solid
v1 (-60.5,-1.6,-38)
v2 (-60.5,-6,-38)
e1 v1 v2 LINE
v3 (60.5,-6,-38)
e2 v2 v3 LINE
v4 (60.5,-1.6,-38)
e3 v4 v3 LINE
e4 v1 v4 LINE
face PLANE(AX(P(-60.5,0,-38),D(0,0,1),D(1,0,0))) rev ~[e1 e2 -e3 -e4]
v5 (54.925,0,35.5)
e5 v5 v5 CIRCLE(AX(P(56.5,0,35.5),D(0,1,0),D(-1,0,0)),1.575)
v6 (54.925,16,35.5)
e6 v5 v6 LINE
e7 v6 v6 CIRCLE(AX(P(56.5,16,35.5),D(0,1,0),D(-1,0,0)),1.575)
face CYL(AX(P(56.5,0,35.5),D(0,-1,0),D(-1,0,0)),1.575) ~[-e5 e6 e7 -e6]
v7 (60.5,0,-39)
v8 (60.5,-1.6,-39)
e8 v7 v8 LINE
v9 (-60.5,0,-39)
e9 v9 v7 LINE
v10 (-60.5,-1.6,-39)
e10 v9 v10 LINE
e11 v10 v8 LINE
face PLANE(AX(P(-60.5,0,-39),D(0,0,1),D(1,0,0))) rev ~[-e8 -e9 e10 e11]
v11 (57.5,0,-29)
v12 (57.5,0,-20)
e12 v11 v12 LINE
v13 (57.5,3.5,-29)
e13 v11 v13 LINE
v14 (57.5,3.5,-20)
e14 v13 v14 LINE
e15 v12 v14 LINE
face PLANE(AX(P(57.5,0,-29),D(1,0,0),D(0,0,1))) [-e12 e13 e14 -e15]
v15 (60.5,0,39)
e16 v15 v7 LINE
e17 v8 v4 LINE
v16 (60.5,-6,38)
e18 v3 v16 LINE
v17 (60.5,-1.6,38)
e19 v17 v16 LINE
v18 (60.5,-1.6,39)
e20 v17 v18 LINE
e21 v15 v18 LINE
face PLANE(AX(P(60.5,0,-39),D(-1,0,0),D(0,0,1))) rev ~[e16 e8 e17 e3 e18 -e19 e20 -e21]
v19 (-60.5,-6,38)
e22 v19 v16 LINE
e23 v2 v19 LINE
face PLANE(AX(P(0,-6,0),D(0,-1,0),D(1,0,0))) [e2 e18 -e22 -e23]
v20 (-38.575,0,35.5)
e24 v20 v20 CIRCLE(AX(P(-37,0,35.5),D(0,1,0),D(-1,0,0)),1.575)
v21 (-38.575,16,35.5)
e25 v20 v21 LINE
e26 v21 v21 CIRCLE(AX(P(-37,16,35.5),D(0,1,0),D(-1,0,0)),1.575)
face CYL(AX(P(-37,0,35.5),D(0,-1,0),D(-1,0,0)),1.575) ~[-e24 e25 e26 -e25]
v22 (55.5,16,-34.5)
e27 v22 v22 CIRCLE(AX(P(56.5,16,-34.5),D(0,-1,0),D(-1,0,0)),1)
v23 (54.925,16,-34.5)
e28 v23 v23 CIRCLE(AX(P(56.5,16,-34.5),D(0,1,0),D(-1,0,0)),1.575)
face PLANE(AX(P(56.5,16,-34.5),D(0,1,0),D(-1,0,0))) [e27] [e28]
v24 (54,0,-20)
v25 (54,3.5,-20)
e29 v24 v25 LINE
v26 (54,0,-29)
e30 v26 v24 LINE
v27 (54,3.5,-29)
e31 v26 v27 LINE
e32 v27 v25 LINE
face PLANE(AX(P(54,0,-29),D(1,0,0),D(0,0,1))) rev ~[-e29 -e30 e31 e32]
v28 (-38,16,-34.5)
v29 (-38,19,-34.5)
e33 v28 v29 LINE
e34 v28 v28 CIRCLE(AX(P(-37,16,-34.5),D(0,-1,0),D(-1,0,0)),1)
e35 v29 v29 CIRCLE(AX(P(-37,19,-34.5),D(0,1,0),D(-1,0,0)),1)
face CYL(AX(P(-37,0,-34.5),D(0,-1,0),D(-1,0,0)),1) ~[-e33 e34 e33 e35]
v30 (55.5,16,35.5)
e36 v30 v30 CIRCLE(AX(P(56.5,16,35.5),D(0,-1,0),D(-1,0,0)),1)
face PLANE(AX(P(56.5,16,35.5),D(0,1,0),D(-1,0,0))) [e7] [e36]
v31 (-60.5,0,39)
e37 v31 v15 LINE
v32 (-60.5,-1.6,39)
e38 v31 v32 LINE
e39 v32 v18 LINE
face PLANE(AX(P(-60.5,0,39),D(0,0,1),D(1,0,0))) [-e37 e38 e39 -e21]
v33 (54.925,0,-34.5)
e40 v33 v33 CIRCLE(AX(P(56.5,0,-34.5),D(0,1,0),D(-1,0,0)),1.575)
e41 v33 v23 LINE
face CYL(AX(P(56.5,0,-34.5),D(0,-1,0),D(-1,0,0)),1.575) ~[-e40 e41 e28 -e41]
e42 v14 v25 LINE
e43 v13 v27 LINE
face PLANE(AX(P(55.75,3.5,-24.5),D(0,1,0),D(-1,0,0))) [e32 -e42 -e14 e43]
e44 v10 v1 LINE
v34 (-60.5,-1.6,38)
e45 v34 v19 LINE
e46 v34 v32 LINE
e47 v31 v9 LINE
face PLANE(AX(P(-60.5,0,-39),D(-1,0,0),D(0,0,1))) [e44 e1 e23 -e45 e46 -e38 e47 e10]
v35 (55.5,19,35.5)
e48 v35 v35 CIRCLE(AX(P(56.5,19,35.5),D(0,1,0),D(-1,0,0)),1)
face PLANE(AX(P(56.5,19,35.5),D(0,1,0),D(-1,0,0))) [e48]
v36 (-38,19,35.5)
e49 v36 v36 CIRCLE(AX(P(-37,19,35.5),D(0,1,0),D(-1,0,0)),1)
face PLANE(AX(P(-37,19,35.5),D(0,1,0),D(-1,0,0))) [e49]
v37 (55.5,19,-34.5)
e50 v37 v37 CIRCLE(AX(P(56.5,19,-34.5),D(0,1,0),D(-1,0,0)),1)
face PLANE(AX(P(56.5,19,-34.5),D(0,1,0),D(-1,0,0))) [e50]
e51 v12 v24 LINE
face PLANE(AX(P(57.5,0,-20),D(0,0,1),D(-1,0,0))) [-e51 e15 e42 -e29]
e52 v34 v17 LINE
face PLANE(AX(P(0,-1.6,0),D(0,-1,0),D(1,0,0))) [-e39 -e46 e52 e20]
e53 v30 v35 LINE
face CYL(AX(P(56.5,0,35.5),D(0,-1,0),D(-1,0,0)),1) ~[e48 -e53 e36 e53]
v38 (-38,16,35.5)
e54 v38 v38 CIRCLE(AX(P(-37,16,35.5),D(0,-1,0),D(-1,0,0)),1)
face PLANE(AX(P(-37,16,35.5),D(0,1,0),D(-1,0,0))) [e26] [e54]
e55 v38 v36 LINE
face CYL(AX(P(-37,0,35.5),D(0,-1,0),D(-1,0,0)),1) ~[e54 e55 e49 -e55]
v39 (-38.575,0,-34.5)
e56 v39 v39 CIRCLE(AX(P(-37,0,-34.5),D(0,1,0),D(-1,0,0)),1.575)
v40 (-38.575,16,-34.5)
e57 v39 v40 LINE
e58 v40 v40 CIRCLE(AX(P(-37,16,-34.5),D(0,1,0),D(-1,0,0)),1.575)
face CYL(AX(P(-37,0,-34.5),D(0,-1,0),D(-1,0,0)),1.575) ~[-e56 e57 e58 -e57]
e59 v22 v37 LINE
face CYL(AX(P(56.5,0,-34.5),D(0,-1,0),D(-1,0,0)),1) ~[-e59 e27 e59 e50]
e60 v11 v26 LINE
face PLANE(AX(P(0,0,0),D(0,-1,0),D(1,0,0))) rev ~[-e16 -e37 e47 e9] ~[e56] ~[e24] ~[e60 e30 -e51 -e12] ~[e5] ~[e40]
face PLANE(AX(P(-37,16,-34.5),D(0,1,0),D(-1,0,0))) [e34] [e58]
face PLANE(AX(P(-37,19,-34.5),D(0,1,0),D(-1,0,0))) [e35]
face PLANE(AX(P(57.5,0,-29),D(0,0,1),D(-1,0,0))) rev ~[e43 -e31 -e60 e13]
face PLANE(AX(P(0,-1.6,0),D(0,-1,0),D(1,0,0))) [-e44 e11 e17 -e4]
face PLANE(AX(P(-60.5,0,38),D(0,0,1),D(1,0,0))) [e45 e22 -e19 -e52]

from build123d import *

# Parameters (mm, degrees)
F0_W      = 121
F0_H      = 76
F1_DEPTH  = 6
F2_W      = 121
F2_H      = 78
F3_DEPTH  = 1.6
F4_R      = 1
F5_DEPTH  = 2
F6_W      = 3.5
F6_H      = 9
F7_DEPTH  = 3.5
F8_R      = 1.575
F9_DEPTH  = 16
F10_R     = 1
F11_DEPTH = 19


with BuildPart() as f1:
    # F0 (on Front) → F1 (new body)
    with BuildSketch(Plane.XZ):
        Rectangle(F0_W, F0_H)
    extrude(amount=F1_DEPTH)

    # F2 (on Front) → F3 (join)
    with BuildSketch(Plane.XZ):
        Rectangle(F2_W, F2_H)
    extrude(amount=F3_DEPTH)

    # F4 (on face) → F5 (join)
    with BuildSketch(Plane(origin=(0, 0, 0), x_dir=(-1, 0, 0), z_dir=(0, 1, 0))):
        with Locations((-56.5, 35.5)):
            Circle(F4_R)
        with Locations((-56.5, -34.5)):
            Circle(F4_R)
        with Locations((37, -34.5)):
            Circle(F4_R)
        with Locations((37, 35.5)):
            Circle(F4_R)
    extrude(amount=F5_DEPTH)

    # F6 (on face) → F7 (join)
    with BuildSketch(Plane(origin=(0, 0, 0), x_dir=(-1, 0, 0), z_dir=(0, 1, 0))):
        with Locations((-55.75, -24.5)):
            Rectangle(F6_W, F6_H)
    extrude(amount=F7_DEPTH)

    # F8 (on face) → F9 (join)
    with BuildSketch(Plane(origin=(0, 0, 0), x_dir=(-1, 0, 0), z_dir=(0, 1, 0))):
        with Locations((-56.5, 35.5)):
            Circle(F8_R)
        with Locations((37, 35.5)):
            Circle(F8_R)
        with Locations((-56.5, -34.5)):
            Circle(F8_R)
        with Locations((37, -34.5)):
            Circle(F8_R)
    extrude(amount=F9_DEPTH)

    # F10 (on face) → F11 (join)
    with BuildSketch(Plane(origin=(0, 0, 0), x_dir=(-1, 0, 0), z_dir=(0, 1, 0))):
        with Locations((37, 35.5)):
            Circle(F10_R)
        with Locations((37, -34.5)):
            Circle(F10_R)
        with Locations((-56.5, -34.5)):
            Circle(F10_R)
        with Locations((-56.5, 35.5)):
            Circle(F10_R)
    extrude(amount=F11_DEPTH)


solid = f1.part
